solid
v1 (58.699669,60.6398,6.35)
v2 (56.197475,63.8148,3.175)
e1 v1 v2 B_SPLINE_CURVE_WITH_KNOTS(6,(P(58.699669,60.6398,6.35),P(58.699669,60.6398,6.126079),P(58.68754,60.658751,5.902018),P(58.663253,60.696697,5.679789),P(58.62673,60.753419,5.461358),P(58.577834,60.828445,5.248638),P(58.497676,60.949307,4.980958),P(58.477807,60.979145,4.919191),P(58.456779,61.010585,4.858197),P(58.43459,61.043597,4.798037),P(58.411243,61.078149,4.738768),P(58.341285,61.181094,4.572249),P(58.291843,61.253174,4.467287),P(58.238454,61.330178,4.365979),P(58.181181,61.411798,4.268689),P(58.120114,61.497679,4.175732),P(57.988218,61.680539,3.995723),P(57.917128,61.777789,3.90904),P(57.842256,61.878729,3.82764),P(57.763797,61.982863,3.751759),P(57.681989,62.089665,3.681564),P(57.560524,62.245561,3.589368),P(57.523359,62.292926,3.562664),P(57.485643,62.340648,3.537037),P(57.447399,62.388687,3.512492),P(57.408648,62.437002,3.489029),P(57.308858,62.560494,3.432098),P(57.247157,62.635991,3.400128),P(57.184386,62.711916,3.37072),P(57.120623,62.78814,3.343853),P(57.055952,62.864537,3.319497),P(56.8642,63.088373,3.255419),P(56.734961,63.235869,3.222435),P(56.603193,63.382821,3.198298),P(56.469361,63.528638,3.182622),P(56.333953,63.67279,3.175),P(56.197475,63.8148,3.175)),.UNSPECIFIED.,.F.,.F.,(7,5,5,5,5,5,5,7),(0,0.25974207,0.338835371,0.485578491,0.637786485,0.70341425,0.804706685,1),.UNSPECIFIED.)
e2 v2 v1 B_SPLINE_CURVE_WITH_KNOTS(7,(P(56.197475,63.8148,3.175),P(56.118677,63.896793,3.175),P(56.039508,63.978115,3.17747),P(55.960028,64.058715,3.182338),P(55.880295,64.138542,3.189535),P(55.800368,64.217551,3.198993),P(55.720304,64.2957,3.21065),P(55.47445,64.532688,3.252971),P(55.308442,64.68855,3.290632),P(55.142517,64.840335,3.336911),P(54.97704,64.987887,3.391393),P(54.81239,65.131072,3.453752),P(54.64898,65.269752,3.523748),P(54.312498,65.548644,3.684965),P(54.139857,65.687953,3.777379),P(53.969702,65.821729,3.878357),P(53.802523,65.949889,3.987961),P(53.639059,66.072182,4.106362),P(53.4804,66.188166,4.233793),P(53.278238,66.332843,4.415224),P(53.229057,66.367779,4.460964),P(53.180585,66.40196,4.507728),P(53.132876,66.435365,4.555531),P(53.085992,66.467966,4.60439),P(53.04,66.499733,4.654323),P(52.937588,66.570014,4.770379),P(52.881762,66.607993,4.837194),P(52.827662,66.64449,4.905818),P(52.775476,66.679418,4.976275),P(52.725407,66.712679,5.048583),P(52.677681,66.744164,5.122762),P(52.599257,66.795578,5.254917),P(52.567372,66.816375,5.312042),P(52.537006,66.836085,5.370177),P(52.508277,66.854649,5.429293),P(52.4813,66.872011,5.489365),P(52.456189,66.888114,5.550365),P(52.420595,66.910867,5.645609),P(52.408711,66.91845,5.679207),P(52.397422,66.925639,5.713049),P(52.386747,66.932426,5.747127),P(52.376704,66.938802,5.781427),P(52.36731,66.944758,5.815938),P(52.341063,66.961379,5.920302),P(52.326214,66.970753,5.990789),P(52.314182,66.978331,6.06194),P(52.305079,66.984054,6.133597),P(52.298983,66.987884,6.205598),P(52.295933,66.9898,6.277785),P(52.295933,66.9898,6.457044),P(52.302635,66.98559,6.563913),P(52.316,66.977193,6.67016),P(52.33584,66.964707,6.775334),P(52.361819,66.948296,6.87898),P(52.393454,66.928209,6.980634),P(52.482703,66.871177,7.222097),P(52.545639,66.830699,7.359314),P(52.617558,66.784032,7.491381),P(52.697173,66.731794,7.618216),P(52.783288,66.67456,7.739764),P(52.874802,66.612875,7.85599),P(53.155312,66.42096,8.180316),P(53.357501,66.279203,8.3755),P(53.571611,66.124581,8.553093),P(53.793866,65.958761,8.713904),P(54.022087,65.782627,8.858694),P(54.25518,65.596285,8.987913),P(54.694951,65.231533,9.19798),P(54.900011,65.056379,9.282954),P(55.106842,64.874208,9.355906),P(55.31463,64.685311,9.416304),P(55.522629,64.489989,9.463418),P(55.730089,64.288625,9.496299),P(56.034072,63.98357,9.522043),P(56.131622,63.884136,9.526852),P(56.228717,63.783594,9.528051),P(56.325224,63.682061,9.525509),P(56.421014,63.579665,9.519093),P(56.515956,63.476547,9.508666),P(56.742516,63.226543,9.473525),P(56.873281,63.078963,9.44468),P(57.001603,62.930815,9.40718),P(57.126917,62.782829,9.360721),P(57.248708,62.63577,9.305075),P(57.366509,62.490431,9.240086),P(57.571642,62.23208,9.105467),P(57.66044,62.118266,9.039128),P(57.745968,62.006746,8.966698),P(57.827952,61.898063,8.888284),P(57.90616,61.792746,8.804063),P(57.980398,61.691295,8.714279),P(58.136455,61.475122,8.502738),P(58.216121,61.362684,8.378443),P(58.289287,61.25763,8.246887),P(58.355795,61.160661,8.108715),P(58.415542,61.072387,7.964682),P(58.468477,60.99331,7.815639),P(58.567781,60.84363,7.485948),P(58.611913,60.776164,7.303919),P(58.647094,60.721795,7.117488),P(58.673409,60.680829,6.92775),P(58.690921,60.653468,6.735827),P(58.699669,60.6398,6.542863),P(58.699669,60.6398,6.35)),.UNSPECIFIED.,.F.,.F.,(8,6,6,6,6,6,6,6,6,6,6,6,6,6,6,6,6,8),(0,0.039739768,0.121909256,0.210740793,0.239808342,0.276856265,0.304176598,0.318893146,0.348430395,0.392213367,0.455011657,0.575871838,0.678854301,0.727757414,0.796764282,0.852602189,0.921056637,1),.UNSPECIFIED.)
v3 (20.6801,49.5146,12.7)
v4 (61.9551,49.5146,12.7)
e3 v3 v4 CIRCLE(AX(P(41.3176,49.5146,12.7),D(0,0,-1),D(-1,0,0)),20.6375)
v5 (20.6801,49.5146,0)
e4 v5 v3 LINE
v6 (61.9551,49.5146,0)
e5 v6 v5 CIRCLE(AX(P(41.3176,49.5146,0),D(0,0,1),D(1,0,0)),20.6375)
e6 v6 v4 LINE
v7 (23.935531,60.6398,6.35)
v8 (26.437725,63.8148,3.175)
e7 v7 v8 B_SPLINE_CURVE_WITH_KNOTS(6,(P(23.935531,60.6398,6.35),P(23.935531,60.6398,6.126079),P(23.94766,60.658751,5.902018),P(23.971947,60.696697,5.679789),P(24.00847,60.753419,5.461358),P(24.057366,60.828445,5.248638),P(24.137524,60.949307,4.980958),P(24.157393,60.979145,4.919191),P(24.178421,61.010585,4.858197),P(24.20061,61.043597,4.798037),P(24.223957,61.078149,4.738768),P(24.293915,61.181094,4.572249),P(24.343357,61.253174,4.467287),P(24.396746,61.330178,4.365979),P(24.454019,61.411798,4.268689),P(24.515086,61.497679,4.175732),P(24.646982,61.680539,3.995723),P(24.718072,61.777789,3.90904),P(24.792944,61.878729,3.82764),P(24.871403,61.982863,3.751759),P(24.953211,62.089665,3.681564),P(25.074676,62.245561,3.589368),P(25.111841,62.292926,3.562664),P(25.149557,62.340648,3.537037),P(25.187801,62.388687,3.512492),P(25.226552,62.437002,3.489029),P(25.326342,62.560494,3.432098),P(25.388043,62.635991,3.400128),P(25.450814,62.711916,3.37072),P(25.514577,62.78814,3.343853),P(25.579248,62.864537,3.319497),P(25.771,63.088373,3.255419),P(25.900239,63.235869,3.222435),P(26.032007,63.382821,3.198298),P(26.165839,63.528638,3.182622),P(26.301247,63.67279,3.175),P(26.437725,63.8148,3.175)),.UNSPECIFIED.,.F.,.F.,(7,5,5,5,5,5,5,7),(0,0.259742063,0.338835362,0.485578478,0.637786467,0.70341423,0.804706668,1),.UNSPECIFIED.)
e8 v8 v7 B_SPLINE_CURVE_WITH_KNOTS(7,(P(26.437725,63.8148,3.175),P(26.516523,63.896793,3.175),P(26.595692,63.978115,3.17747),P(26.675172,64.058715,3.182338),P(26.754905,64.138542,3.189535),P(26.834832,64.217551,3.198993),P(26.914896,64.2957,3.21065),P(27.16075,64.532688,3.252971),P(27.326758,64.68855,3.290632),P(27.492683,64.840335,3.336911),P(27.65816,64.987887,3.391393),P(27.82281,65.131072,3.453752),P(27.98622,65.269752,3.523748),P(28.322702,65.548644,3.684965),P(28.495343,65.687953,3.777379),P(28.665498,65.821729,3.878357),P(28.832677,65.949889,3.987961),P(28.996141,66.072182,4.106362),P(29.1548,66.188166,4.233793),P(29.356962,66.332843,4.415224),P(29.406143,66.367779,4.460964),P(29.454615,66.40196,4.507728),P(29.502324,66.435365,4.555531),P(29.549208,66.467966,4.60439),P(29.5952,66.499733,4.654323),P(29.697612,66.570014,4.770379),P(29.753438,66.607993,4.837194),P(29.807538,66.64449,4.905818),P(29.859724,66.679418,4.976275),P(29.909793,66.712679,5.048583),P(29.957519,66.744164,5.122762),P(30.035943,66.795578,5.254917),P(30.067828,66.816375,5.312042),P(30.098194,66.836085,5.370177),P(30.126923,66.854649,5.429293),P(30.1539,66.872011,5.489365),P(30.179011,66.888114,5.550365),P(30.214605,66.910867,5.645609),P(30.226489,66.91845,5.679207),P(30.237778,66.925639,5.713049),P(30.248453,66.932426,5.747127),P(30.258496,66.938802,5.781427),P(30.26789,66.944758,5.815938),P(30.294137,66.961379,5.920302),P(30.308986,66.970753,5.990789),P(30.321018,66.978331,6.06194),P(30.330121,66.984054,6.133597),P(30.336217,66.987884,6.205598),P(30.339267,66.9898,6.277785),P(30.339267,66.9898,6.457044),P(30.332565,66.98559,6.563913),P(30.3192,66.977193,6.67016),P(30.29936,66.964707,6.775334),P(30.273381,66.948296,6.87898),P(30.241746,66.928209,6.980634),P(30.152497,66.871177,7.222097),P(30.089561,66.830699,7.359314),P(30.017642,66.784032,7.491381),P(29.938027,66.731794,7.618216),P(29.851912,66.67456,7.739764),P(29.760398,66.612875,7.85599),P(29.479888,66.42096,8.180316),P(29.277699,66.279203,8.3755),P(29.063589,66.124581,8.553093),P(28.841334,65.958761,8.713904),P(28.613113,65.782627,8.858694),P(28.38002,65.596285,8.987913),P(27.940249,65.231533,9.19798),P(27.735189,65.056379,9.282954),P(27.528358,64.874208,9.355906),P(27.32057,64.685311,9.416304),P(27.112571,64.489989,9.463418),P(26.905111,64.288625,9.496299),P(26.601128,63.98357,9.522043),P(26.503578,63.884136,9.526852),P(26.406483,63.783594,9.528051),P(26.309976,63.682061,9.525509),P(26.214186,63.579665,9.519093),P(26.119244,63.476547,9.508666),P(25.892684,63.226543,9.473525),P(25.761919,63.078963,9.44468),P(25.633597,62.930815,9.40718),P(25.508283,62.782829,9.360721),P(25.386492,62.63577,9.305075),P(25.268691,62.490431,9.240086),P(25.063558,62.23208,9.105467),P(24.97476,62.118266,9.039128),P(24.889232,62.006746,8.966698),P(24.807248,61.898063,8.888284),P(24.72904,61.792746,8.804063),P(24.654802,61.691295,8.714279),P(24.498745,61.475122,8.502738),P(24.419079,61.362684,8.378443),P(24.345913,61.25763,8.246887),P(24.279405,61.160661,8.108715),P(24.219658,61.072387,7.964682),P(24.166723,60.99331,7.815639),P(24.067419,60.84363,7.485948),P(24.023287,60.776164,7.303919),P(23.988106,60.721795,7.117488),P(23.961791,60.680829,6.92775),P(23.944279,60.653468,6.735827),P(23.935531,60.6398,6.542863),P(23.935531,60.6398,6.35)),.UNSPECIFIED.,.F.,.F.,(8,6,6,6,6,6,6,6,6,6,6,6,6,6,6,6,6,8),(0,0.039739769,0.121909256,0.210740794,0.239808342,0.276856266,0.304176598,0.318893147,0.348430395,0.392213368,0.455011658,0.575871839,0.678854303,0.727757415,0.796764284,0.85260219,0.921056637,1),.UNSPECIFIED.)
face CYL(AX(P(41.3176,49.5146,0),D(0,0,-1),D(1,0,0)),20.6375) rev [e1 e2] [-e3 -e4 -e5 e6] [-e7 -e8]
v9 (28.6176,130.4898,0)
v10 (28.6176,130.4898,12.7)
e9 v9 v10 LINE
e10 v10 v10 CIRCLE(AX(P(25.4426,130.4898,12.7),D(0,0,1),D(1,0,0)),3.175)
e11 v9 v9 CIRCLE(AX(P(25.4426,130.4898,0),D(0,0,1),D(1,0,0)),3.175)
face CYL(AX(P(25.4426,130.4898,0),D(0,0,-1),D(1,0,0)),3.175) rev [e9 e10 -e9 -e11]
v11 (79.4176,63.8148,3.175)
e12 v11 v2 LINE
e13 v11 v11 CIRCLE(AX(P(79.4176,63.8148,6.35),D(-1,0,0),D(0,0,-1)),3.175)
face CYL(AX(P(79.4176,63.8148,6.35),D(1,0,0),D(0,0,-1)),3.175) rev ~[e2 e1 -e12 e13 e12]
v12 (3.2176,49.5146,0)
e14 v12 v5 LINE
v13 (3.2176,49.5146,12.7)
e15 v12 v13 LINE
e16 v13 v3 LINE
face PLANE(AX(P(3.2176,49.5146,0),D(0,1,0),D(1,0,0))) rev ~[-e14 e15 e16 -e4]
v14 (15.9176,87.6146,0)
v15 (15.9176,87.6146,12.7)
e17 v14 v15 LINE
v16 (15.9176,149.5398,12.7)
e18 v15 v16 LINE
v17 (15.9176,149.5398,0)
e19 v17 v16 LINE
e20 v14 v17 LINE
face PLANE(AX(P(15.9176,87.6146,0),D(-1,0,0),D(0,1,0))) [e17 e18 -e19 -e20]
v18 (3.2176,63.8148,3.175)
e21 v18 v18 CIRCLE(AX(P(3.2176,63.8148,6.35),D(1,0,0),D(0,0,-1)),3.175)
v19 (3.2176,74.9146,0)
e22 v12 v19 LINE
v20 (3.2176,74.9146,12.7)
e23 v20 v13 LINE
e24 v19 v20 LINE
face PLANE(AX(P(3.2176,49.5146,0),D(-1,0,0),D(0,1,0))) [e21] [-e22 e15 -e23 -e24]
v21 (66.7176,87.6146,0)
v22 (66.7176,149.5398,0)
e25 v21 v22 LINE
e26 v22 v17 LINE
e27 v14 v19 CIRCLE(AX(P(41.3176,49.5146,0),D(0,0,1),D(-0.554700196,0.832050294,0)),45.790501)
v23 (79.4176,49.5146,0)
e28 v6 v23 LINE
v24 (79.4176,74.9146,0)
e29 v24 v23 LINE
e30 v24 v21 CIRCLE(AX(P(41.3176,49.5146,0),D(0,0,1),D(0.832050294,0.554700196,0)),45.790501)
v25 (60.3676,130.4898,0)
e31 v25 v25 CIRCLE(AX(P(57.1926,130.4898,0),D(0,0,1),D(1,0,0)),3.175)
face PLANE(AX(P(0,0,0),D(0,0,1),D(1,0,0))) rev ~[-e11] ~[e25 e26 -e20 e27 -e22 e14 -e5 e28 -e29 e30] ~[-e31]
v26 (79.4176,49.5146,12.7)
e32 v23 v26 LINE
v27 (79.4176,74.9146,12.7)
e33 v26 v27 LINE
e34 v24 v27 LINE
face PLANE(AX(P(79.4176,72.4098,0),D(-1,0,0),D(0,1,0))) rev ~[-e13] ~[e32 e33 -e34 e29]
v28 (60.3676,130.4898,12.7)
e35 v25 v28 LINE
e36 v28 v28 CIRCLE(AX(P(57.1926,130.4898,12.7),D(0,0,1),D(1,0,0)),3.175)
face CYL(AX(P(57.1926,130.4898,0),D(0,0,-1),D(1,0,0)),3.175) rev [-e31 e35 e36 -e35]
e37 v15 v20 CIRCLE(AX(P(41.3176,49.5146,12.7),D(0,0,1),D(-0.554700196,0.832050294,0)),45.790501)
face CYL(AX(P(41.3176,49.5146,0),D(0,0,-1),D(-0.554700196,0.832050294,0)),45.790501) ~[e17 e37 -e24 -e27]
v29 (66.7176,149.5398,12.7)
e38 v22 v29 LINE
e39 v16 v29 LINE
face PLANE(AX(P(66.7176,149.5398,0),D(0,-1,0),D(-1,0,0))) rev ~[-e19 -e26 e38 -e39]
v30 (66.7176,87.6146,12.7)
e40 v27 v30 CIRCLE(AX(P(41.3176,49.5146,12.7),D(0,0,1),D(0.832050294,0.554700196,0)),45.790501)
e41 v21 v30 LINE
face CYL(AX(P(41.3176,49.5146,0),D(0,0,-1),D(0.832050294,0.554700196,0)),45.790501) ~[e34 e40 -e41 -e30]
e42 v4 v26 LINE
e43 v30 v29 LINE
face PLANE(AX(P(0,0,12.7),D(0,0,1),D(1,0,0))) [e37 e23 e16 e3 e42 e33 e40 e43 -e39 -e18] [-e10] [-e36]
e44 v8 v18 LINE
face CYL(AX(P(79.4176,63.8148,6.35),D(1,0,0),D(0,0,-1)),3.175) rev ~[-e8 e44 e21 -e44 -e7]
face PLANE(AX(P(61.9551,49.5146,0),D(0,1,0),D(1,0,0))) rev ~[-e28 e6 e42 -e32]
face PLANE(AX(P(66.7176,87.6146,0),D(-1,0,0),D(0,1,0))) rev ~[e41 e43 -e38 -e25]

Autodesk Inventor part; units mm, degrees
ref_plane "YZ Plane" through (0, 0, 0) normal (1, 0, 0) x (0, 1, 0)
ref_plane "XZ Plane" through (0, 0, 0) normal (0, 1, 0) x (-1, 0, 0)
ref_plane "XY Plane" through (0, 0, 0) normal (0, 0, 1) x (1, 0, 0)
sketch "Sketch1" plane through (0, 0, 0) normal (0, 0, 1) x (1, 0, 0)
  circle A0 centre (25.4426, 130.4898) radius 3.175
  circle A1 centre (57.1926, 130.4898) radius 3.175
  line L0 (55.6051, 149.5398) -> (27.0301, 149.5398)
  line L1 (41.3176, 149.5398) -> (41.3176, 49.5146)
  arc A2 (61.9551, 49.5146) -> (20.6801, 49.5146) centre (41.3176, 49.5146) ccw
  line L2 (66.7176, 87.6146) -> (66.7176, 149.5398)
  line L3 (15.9176, 87.6146) -> (15.9176, 149.5398)
  line L4 (79.4176, 49.5146) -> (79.4176, 72.4098)
  line L5 (3.2176, 49.5146) -> (3.2176, 72.4098)
  line L6 (66.7176, 149.5398) -> (15.9176, 149.5398)
  line L7 (3.2176, 49.5146) -> (79.4176, 49.5146)
  line L8 (79.4176, 49.5146) -> (79.4176, 74.9146)
  line L9 (3.2176, 49.5146) -> (3.2176, 74.9146)
  arc A3 (15.9176, 87.6146) -> (3.2176, 74.9146) centre (41.3176, 49.5146) ccw
  arc A4 (79.4176, 74.9146) -> (66.7176, 87.6146) centre (41.3176, 49.5146) ccw
  point P0 (27.0301, 149.5398)
  dimension "d2" = 6.35
  dimension "d3" = 6.35
  dimension "d6" = 100.0252
  dimension "d7" = 41.275
  dimension "d18" = 19.05
  dimension "d19" = 19.05
  dimension "d20" = 25.4
  dimension "d21" = 25.4
extrude "Extrusion3" add sketch "Sketch1" along normal blind 12.7 contours L6 L2 A4 L8 L4 L7 A2 L1 L0 | L1 A2 L7 L5 L9 A3 L3 L6 L0
sketch "Sketch2" plane through (79.4176, 49.5146, 0) normal (1, 0, 0) x (0, 0, -1)
  line L0 (0, 0) -> (-12.7, 0) projected
  line L1 (-6.35, 0) -> (-6.35, 14.3002)
  circle A0 centre (-6.35, 14.3002) radius 3.175
  point P0 (0, -49.5146)
  dimension "d24" = 14.3002
  dimension "d25" = 6.35
extrude "Extrusion4" cut sketch "Sketch2" against normal blind 125.4125
properties part number "Frame Middle"
